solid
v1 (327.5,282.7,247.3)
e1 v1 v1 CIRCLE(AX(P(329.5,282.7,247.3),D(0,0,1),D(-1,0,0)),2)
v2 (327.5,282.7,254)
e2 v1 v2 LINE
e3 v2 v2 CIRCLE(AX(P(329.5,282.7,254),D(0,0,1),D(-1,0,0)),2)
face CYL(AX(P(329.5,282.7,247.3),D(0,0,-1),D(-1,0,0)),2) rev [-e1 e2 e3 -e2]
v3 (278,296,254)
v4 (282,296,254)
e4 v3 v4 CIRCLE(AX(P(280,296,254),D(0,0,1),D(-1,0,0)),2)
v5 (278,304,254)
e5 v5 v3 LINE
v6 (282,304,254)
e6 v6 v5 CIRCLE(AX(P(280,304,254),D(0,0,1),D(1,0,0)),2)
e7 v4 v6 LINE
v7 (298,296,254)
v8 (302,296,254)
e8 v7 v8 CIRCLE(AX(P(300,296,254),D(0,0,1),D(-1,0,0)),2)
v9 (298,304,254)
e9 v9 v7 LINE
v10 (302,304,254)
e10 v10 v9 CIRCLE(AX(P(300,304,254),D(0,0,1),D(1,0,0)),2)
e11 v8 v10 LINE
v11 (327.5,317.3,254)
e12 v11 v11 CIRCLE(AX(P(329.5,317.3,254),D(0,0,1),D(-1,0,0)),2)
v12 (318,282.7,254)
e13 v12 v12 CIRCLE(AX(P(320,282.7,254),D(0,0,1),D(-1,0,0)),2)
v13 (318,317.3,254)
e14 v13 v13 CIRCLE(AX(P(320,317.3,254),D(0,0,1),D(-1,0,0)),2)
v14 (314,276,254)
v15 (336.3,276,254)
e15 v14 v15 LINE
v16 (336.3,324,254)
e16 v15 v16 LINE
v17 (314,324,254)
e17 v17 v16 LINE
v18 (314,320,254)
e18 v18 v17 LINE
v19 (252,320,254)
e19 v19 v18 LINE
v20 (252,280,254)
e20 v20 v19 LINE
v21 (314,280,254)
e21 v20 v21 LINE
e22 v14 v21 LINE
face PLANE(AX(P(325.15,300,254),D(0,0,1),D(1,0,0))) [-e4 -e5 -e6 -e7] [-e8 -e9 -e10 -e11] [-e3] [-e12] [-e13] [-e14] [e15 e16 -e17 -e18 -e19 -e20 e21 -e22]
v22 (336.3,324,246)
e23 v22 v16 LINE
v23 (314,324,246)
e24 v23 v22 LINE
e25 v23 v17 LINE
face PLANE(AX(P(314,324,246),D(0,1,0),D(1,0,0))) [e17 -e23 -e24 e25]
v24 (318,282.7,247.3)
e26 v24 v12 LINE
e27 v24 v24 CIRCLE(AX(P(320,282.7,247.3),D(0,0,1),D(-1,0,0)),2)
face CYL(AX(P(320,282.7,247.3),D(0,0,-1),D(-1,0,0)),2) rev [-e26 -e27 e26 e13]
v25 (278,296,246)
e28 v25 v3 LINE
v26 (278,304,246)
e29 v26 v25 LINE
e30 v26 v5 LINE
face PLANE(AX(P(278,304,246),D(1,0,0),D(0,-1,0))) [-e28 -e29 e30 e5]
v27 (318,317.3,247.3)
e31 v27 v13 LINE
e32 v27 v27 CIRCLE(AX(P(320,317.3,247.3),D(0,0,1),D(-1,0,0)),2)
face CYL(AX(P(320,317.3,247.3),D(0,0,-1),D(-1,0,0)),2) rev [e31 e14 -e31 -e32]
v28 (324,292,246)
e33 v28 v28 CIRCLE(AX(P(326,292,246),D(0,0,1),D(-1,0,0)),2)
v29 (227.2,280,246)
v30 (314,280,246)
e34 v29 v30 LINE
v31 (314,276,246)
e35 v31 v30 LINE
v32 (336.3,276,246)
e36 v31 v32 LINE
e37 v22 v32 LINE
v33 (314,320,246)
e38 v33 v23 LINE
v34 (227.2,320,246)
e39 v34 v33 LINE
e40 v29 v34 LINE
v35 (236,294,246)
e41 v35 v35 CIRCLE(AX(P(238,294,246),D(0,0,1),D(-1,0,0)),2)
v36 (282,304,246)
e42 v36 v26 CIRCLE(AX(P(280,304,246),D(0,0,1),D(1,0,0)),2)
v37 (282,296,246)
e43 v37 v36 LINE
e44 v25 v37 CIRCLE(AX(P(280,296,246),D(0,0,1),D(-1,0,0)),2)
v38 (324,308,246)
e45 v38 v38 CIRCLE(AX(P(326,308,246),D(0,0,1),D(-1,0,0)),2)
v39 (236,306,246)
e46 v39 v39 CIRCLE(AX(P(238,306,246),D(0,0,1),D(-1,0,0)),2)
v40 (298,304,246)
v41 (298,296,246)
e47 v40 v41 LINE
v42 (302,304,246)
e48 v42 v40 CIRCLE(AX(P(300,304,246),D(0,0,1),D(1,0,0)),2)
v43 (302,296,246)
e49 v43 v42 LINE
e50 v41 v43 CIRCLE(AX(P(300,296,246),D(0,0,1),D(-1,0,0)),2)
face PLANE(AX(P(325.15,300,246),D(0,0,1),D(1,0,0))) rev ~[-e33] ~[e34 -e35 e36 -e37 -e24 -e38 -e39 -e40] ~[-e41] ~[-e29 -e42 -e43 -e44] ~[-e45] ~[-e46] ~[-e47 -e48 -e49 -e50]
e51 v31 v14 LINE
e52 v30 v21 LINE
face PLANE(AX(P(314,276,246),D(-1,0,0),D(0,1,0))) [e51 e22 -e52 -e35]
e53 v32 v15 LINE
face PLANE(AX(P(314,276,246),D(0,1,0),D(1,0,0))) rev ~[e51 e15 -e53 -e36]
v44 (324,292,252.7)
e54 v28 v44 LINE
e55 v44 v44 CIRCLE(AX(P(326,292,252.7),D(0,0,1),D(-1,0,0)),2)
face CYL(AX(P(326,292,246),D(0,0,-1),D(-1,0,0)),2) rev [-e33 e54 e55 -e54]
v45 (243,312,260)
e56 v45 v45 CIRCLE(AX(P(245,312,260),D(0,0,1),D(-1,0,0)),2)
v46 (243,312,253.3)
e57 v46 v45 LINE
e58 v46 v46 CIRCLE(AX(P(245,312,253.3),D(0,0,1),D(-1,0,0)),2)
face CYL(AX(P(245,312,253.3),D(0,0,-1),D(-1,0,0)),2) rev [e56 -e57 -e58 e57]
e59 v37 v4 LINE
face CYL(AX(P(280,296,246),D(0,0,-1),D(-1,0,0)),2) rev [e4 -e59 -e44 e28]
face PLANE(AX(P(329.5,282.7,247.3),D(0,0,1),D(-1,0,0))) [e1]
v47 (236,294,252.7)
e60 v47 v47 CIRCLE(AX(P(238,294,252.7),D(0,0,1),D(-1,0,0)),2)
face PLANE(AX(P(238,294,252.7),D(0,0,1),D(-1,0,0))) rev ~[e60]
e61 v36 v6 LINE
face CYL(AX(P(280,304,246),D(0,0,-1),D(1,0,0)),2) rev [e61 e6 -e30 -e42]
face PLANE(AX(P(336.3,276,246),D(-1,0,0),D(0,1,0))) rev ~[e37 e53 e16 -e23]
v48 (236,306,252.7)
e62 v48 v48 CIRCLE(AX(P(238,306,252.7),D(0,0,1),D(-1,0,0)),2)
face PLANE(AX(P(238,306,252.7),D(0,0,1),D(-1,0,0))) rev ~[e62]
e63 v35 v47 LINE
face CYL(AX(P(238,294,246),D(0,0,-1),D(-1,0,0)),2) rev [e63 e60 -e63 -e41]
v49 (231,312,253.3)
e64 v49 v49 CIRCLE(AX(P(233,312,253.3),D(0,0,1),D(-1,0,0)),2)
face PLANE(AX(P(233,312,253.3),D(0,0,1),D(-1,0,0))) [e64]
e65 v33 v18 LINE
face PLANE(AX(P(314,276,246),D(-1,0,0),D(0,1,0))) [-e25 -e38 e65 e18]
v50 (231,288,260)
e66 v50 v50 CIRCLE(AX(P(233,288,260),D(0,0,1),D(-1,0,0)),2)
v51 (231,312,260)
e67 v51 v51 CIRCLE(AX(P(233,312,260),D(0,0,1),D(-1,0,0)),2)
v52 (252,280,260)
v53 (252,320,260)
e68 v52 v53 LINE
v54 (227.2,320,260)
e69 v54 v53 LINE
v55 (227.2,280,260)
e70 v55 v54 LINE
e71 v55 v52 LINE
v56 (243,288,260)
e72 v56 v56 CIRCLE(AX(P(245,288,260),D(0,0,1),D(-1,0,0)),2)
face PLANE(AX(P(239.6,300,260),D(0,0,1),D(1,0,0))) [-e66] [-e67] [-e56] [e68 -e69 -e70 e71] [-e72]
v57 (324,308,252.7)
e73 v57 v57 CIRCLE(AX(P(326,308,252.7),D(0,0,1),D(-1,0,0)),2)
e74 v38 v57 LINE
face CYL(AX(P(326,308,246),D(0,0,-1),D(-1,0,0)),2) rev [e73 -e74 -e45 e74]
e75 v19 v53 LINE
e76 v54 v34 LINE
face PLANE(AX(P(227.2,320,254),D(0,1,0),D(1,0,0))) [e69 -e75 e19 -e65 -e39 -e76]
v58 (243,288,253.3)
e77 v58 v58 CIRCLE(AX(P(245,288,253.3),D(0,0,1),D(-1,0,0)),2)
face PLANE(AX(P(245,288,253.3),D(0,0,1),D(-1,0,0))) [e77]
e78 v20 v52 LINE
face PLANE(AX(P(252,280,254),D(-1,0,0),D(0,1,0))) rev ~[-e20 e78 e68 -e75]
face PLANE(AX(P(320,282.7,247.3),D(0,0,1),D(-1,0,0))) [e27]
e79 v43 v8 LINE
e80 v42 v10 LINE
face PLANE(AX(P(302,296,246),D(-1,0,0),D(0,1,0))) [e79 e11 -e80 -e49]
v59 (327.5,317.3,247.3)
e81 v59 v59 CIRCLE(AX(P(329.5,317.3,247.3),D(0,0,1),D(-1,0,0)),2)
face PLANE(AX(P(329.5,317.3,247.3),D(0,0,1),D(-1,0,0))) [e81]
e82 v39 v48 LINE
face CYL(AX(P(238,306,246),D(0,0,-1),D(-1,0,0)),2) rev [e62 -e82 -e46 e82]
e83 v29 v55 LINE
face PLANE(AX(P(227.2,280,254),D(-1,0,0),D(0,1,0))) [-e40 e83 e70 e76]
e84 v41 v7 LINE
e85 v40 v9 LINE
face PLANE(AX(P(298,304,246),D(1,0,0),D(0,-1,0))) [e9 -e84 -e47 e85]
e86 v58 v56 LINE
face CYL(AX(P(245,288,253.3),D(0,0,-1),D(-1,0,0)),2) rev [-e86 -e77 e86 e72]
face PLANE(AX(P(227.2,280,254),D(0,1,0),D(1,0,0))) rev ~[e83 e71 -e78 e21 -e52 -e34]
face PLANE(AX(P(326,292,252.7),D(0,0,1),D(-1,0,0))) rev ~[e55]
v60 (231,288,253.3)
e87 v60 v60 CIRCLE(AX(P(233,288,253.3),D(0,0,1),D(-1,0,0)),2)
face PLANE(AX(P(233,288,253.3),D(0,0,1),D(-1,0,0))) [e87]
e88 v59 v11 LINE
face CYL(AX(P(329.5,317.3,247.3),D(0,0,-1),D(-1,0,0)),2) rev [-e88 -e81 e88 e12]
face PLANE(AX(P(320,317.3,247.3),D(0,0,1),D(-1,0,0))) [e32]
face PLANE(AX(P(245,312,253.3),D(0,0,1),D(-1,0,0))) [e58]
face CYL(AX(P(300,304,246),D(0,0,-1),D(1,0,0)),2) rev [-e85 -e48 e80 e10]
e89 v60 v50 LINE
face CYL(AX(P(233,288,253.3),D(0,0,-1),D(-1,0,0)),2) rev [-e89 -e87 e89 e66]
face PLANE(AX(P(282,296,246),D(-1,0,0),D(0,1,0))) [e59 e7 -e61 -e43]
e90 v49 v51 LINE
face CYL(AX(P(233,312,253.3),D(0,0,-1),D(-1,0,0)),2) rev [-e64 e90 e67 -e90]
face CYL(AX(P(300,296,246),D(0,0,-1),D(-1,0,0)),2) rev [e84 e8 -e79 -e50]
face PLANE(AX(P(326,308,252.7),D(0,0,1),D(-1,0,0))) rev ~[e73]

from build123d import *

# Parameters (mm, degrees)
SKETCH1_W           = 109.1
SKETCH1_H           = 40
BOSS_EXTRUDE1_DEPTH = 8
SKETCH2_W           = 22.3
SKETCH2_H           = 48
BOSS_EXTRUDE2_DEPTH = 8
SKETCH3_W           = 24.8
SKETCH3_H           = 40
BOSS_EXTRUDE3_DEPTH = 6
SKETCH4_R           = 2
CUT_EXTRUDE1_DEPTH  = 6.7
SKETCH5_R           = 2
CUT_EXTRUDE2_DEPTH  = 6.7
SKETCH6_R           = 2
CUT_EXTRUDE3_DEPTH  = 6.7


with BuildPart() as part:
    # Sketch1 → Boss-Extrude1 (new body)
    with BuildSketch(Plane.XY.offset(246)):
        with Locations((281.75, 300)):
            Rectangle(SKETCH1_W, SKETCH1_H)
        with BuildLine():
            Line((282, 296), (282, 304))
            ThreePointArc((282, 304), (280, 306), (278, 304))
            Line((278, 304), (278, 296))
            ThreePointArc((278, 296), (280, 294), (282, 296))
        make_face(mode=Mode.SUBTRACT)
        with BuildLine():
            Line((302, 296), (302, 304))
            ThreePointArc((302, 304), (300, 306), (298, 304))
            Line((298, 304), (298, 296))
            ThreePointArc((298, 296), (300, 294), (302, 296))
        make_face(mode=Mode.SUBTRACT)
    extrude(amount=BOSS_EXTRUDE1_DEPTH)

    # Sketch2 → Boss-Extrude2 (add)
    with BuildSketch(Plane.XY.offset(246)):
        with Locations((325.15, 300)):
            Rectangle(SKETCH2_W, SKETCH2_H)
    extrude(amount=BOSS_EXTRUDE2_DEPTH)

    # Sketch3 → Boss-Extrude3 (add)
    with BuildSketch(Plane.XY.offset(254)):
        with Locations((239.6, 300)):
            Rectangle(SKETCH3_W, SKETCH3_H)
    extrude(amount=BOSS_EXTRUDE3_DEPTH)

    # Sketch4 → Cut-Extrude1 (cut)
    with BuildSketch(Plane.XY.offset(253.3)):
        with Locations((233, 288)):
            Circle(SKETCH4_R)
        with Locations((233, 312)):
            Circle(SKETCH4_R)
        with Locations((245, 288)):
            Circle(SKETCH4_R)
        with Locations((245, 312)):
            Circle(SKETCH4_R)
    extrude(amount=CUT_EXTRUDE1_DEPTH, mode=Mode.SUBTRACT)

    # Sketch5 → Cut-Extrude2 (cut)
    with BuildSketch(Plane.XY.offset(247.3)):
        with Locations((320, 282.7)):
            Circle(SKETCH5_R)
        with Locations((320, 317.3)):
            Circle(SKETCH5_R)
        with Locations((329.5, 282.7)):
            Circle(SKETCH5_R)
        with Locations((329.5, 317.3)):
            Circle(SKETCH5_R)
    extrude(amount=CUT_EXTRUDE2_DEPTH, mode=Mode.SUBTRACT)

    # Sketch6 → Cut-Extrude3 (cut)
    with BuildSketch(Plane.XY.offset(246)):
        with Locations((238, 294)):
            Circle(SKETCH6_R)
        with Locations((238, 306)):
            Circle(SKETCH6_R)
        with Locations((326, 292)):
            Circle(SKETCH6_R)
        with Locations((326, 308)):
            Circle(SKETCH6_R)
    extrude(amount=CUT_EXTRUDE3_DEPTH, mode=Mode.SUBTRACT)


solid = part.part
